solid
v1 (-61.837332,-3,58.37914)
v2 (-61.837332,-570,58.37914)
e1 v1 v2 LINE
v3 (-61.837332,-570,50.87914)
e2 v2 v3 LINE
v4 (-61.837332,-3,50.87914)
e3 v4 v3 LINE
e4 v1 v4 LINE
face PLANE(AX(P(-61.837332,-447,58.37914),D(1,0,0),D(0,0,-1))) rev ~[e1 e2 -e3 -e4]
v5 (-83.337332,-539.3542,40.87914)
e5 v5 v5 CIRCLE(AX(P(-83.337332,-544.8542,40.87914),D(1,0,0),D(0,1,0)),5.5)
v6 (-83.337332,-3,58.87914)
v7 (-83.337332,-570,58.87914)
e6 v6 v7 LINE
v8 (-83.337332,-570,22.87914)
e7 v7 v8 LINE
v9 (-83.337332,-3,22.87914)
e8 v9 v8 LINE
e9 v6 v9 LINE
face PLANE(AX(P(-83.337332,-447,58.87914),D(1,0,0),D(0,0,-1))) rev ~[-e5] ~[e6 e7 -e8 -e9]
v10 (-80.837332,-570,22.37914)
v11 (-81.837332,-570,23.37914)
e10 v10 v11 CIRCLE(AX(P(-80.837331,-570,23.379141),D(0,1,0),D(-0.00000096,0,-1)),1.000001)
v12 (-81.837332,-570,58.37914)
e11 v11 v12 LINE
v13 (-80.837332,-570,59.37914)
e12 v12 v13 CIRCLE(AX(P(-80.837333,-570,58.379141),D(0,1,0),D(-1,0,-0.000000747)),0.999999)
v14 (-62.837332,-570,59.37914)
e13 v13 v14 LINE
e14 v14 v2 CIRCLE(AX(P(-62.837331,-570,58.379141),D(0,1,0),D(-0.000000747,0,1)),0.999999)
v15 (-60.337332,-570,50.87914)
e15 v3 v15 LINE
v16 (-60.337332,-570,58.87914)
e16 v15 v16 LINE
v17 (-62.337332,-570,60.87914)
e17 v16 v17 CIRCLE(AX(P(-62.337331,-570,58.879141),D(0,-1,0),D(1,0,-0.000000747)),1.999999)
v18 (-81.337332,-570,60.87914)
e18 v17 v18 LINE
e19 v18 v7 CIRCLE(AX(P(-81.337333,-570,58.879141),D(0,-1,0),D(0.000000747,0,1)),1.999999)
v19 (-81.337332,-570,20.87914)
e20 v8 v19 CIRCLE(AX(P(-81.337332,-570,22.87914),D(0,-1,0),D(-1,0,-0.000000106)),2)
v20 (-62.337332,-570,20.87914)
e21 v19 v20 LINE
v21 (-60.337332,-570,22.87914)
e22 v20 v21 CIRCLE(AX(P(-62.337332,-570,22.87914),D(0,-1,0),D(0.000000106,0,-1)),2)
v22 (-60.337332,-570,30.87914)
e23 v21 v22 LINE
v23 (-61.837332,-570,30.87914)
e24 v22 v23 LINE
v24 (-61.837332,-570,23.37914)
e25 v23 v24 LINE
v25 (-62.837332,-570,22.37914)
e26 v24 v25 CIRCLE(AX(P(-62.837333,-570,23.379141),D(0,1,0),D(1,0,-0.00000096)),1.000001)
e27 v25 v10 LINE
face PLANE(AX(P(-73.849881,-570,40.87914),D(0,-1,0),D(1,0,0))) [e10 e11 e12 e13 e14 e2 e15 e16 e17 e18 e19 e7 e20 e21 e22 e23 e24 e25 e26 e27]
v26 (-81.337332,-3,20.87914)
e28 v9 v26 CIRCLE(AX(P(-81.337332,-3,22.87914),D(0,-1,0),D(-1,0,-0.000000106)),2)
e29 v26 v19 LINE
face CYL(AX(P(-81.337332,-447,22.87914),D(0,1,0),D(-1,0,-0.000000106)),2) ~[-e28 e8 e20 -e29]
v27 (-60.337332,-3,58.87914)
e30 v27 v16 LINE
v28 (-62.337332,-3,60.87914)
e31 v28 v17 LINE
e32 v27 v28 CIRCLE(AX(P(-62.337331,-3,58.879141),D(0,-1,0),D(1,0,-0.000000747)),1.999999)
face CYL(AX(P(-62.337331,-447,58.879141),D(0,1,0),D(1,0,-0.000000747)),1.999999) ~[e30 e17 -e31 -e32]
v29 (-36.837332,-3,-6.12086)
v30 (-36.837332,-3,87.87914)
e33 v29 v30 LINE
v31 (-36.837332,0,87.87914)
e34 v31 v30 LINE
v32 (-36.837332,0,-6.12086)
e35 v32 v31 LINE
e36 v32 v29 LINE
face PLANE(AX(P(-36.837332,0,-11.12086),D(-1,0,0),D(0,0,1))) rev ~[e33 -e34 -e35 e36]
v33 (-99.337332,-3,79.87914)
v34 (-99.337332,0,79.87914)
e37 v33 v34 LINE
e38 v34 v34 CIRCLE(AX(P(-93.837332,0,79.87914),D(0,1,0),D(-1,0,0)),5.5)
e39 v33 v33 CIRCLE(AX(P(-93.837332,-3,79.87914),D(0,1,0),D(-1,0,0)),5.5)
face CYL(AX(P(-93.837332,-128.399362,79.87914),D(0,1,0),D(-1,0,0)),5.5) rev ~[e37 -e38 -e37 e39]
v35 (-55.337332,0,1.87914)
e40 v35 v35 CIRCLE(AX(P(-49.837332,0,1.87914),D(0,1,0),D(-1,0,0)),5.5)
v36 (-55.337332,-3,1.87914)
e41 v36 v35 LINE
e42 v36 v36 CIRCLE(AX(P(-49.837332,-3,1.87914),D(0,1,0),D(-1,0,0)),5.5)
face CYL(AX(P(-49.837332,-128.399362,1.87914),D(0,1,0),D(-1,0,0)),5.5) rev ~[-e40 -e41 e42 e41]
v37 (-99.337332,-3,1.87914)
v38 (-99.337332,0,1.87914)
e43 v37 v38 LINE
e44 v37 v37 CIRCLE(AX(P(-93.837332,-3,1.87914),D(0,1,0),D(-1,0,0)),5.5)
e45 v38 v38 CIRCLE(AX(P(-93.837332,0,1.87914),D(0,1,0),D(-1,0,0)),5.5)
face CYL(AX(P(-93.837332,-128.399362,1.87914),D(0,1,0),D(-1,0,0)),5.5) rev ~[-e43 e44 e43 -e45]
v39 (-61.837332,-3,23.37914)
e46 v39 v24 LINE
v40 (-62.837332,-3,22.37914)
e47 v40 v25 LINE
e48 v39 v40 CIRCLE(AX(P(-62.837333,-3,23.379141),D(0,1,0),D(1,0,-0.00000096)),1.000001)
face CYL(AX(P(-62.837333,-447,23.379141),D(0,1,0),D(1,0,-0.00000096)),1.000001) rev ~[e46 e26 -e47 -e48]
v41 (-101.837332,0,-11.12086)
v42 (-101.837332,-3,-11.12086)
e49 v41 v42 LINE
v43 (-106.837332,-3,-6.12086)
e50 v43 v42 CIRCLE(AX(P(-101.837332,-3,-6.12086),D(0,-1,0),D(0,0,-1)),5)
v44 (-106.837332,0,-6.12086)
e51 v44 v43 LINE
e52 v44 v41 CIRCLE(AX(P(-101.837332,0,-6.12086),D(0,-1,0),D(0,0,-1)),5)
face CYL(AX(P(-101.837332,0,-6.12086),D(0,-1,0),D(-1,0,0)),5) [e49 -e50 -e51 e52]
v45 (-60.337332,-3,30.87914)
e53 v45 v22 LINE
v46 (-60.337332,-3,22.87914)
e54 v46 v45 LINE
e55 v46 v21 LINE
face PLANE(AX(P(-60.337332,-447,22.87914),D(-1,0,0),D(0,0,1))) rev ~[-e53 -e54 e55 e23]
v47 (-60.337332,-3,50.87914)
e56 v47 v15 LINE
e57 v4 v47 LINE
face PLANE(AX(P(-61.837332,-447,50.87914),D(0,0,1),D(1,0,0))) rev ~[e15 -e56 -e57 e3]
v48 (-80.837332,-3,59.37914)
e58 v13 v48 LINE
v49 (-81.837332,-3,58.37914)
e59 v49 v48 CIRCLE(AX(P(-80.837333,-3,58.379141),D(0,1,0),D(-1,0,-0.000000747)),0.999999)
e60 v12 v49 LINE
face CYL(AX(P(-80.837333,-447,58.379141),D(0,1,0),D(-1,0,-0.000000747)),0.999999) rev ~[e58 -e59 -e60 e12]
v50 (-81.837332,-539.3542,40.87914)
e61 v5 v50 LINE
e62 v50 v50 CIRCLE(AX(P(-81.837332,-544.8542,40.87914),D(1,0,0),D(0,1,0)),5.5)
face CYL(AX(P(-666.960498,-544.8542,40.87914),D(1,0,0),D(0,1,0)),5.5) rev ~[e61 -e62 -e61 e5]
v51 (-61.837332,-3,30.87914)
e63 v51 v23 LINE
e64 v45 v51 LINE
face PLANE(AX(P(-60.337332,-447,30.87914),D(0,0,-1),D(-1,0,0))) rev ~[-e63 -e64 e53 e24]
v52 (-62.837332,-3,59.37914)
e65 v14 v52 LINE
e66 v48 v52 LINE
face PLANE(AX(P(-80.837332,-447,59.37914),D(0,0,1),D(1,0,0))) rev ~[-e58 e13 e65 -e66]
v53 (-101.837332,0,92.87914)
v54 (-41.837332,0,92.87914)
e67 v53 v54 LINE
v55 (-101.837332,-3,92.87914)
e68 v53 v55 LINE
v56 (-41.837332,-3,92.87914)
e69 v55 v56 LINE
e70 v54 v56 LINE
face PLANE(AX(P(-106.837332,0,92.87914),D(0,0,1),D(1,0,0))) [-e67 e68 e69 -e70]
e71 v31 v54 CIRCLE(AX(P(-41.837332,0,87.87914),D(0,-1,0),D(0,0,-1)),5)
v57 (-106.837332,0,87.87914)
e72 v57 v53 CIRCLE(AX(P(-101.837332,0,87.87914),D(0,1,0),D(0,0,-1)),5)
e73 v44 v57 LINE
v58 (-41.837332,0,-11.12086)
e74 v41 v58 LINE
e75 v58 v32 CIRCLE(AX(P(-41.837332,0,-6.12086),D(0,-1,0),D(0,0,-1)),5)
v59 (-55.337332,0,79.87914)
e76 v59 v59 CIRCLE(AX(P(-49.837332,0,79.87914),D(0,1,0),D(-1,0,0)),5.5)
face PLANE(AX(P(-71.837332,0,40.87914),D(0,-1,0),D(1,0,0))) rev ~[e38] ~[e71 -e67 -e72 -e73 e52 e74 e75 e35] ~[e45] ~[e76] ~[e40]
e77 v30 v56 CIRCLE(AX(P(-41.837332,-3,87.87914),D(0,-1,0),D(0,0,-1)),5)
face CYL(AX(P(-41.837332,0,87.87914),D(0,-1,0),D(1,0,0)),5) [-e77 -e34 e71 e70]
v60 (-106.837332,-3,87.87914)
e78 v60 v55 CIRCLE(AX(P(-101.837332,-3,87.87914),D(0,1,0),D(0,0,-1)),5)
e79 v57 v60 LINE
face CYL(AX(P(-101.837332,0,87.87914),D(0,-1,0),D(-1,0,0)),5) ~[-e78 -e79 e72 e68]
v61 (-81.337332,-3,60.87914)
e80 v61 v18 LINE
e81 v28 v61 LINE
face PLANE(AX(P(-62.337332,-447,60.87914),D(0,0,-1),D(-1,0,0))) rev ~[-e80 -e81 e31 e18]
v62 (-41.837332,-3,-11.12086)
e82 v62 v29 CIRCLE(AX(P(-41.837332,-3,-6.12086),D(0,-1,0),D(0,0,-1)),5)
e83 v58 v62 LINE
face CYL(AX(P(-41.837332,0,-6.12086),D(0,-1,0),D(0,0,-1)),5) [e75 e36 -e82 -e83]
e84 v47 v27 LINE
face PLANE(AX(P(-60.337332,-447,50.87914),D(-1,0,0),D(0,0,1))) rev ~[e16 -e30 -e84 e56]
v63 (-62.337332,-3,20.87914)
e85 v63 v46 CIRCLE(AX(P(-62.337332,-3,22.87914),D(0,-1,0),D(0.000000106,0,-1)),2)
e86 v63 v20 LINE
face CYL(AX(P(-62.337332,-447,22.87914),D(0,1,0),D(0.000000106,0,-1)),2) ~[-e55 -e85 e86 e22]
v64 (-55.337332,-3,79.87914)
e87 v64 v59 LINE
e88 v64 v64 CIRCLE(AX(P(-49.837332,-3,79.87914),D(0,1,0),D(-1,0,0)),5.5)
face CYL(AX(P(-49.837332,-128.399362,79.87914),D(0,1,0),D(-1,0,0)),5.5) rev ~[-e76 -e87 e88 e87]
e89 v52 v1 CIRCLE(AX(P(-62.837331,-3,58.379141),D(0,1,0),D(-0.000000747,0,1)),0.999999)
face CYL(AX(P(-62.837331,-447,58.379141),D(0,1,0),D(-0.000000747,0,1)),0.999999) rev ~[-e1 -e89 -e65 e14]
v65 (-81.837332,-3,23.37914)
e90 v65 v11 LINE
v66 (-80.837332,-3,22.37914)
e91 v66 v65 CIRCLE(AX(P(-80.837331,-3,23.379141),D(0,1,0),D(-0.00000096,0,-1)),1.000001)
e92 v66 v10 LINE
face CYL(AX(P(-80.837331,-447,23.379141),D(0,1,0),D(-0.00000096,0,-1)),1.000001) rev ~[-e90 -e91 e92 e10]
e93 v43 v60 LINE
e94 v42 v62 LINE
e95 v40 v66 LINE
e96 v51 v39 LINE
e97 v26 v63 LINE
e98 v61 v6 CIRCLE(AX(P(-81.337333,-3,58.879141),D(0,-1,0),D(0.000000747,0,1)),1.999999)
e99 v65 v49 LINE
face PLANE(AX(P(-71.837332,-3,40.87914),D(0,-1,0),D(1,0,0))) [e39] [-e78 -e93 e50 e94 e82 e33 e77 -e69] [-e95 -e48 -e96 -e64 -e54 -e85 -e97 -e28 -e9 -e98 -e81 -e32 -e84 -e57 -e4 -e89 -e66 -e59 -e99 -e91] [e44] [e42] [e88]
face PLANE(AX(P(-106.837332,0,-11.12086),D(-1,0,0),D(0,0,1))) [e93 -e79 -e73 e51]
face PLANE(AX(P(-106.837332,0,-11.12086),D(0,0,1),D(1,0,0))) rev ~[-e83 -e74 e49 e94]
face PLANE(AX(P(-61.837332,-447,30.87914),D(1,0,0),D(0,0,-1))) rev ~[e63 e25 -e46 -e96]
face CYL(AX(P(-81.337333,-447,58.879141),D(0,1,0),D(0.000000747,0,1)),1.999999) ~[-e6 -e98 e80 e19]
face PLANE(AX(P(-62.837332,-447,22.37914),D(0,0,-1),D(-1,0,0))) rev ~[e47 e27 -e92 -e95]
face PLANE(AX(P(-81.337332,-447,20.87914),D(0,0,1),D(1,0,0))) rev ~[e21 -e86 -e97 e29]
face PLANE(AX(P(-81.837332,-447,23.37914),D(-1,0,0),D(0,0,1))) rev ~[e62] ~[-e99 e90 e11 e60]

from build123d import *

# Parameters (mm, degrees)
F0_W     = 70
F0_H     = 104
F1_DEPTH = 3
F2_R     = 5
F4_D     = 11
F6_DEPTH = 444
F9_DEPTH = 123
F10_D    = 11


with BuildPart() as f1:
    # F0 (on Front) → F1 (new body)
    with BuildSketch(Plane.XZ):
        with Locations((-71.837332, 40.87914)):
            Rectangle(F0_W, F0_H)
    extrude(amount=F1_DEPTH)

    # F2
    f2_edges = [f1.edges().sort_by_distance(p)[0] for p in [
        (-36.837332, -1.5, 92.87914),
        (-106.837332, -1.5, 92.87914),
        (-106.837332, -1.5, -11.12086),
        (-36.837332, -1.5, -11.12086),
    ]]
    fillet(f2_edges, radius=F2_R)

    # F4 (through all)
    with Locations(Plane.XZ.offset(3)):
        with Locations((-49.837332, 1.87914), (-93.837332, 1.87914), (-93.837332, 79.87914), (-49.837332, 79.87914)):
            Hole(F4_D / 2)

    # F5 (on face) → F6 (join)
    with BuildSketch(Plane.XZ.offset(3)):
        with BuildLine():
            ThreePointArc((-60.337332, 58.87914), (-60.923118, 60.293354), (-62.337332, 60.87914))
            Line((-62.337332, 60.87914), (-81.337332, 60.87914))
            ThreePointArc((-81.337332, 60.87914), (-82.751546, 60.293354), (-83.337332, 58.87914))
            Line((-83.337332, 58.87914), (-83.337332, 22.87914))
            ThreePointArc((-83.337332, 22.87914), (-82.751546, 21.464927), (-81.337332, 20.87914))
            Line((-81.337332, 20.87914), (-62.337332, 20.87914))
            ThreePointArc((-62.337332, 20.87914), (-60.923118, 21.464927), (-60.337332, 22.87914))
            Line((-60.337332, 22.87914), (-60.337332, 30.87914))
            Line((-60.337332, 30.87914), (-61.837332, 30.87914))
            Line((-61.837332, 30.87914), (-61.837332, 23.37914))
            ThreePointArc((-61.837332, 23.37914), (-62.130225, 22.672034), (-62.837332, 22.37914))
            Line((-62.837332, 22.37914), (-80.837332, 22.37914))
            ThreePointArc((-80.837332, 22.37914), (-81.544439, 22.672034), (-81.837332, 23.37914))
            Line((-81.837332, 23.37914), (-81.837332, 58.37914))
            ThreePointArc((-81.837332, 58.37914), (-81.544439, 59.086247), (-80.837332, 59.37914))
            Line((-80.837332, 59.37914), (-62.837332, 59.37914))
            ThreePointArc((-62.837332, 59.37914), (-62.130225, 59.086247), (-61.837332, 58.37914))
            Line((-61.837332, 58.37914), (-61.837332, 50.87914))
            Line((-61.837332, 50.87914), (-60.337332, 50.87914))
            Line((-60.337332, 50.87914), (-60.337332, 58.87914))
        make_face()
    extrude(amount=F6_DEPTH)

    # F7 (on face) → F9 (join)
    with BuildSketch(Plane.XZ.offset(447)):
        with BuildLine():
            ThreePointArc((-62.837332, 59.37914), (-62.130225, 59.086247), (-61.837332, 58.37914))
            Line((-61.837332, 58.37914), (-61.837332, 50.87914))
            Line((-61.837332, 50.87914), (-60.337332, 50.87914))
            Line((-60.337332, 50.87914), (-60.337332, 58.87914))
            ThreePointArc((-60.337332, 58.87914), (-60.923118, 60.293354), (-62.337332, 60.87914))
            Line((-62.337332, 60.87914), (-81.337332, 60.87914))
            ThreePointArc((-81.337332, 60.87914), (-82.751546, 60.293354), (-83.337332, 58.87914))
            Line((-83.337332, 58.87914), (-83.337332, 22.87914))
            ThreePointArc((-83.337332, 22.87914), (-82.751546, 21.464927), (-81.337332, 20.87914))
            Line((-81.337332, 20.87914), (-62.337332, 20.87914))
            ThreePointArc((-62.337332, 20.87914), (-60.923118, 21.464927), (-60.337332, 22.87914))
            Line((-60.337332, 22.87914), (-60.337332, 30.87914))
            Line((-60.337332, 30.87914), (-61.837332, 30.87914))
            Line((-61.837332, 30.87914), (-61.837332, 23.37914))
            ThreePointArc((-61.837332, 23.37914), (-62.130225, 22.672034), (-62.837332, 22.37914))
            Line((-62.837332, 22.37914), (-80.837332, 22.37914))
            ThreePointArc((-80.837332, 22.37914), (-81.544439, 22.672034), (-81.837332, 23.37914))
            Line((-81.837332, 23.37914), (-81.837332, 58.37914))
            ThreePointArc((-81.837332, 58.37914), (-81.544439, 59.086247), (-80.837332, 59.37914))
            Line((-80.837332, 59.37914), (-62.837332, 59.37914))
        make_face()
    extrude(amount=F9_DEPTH)

    # F10 (through all)
    with Locations(Plane(origin=(-83.337332, 0, 0), x_dir=(0, -1, 0), z_dir=(-1, 0, 0))):
        with Locations((544.8542, 40.87914)):
            Hole(F10_D / 2)


solid = f1.part
